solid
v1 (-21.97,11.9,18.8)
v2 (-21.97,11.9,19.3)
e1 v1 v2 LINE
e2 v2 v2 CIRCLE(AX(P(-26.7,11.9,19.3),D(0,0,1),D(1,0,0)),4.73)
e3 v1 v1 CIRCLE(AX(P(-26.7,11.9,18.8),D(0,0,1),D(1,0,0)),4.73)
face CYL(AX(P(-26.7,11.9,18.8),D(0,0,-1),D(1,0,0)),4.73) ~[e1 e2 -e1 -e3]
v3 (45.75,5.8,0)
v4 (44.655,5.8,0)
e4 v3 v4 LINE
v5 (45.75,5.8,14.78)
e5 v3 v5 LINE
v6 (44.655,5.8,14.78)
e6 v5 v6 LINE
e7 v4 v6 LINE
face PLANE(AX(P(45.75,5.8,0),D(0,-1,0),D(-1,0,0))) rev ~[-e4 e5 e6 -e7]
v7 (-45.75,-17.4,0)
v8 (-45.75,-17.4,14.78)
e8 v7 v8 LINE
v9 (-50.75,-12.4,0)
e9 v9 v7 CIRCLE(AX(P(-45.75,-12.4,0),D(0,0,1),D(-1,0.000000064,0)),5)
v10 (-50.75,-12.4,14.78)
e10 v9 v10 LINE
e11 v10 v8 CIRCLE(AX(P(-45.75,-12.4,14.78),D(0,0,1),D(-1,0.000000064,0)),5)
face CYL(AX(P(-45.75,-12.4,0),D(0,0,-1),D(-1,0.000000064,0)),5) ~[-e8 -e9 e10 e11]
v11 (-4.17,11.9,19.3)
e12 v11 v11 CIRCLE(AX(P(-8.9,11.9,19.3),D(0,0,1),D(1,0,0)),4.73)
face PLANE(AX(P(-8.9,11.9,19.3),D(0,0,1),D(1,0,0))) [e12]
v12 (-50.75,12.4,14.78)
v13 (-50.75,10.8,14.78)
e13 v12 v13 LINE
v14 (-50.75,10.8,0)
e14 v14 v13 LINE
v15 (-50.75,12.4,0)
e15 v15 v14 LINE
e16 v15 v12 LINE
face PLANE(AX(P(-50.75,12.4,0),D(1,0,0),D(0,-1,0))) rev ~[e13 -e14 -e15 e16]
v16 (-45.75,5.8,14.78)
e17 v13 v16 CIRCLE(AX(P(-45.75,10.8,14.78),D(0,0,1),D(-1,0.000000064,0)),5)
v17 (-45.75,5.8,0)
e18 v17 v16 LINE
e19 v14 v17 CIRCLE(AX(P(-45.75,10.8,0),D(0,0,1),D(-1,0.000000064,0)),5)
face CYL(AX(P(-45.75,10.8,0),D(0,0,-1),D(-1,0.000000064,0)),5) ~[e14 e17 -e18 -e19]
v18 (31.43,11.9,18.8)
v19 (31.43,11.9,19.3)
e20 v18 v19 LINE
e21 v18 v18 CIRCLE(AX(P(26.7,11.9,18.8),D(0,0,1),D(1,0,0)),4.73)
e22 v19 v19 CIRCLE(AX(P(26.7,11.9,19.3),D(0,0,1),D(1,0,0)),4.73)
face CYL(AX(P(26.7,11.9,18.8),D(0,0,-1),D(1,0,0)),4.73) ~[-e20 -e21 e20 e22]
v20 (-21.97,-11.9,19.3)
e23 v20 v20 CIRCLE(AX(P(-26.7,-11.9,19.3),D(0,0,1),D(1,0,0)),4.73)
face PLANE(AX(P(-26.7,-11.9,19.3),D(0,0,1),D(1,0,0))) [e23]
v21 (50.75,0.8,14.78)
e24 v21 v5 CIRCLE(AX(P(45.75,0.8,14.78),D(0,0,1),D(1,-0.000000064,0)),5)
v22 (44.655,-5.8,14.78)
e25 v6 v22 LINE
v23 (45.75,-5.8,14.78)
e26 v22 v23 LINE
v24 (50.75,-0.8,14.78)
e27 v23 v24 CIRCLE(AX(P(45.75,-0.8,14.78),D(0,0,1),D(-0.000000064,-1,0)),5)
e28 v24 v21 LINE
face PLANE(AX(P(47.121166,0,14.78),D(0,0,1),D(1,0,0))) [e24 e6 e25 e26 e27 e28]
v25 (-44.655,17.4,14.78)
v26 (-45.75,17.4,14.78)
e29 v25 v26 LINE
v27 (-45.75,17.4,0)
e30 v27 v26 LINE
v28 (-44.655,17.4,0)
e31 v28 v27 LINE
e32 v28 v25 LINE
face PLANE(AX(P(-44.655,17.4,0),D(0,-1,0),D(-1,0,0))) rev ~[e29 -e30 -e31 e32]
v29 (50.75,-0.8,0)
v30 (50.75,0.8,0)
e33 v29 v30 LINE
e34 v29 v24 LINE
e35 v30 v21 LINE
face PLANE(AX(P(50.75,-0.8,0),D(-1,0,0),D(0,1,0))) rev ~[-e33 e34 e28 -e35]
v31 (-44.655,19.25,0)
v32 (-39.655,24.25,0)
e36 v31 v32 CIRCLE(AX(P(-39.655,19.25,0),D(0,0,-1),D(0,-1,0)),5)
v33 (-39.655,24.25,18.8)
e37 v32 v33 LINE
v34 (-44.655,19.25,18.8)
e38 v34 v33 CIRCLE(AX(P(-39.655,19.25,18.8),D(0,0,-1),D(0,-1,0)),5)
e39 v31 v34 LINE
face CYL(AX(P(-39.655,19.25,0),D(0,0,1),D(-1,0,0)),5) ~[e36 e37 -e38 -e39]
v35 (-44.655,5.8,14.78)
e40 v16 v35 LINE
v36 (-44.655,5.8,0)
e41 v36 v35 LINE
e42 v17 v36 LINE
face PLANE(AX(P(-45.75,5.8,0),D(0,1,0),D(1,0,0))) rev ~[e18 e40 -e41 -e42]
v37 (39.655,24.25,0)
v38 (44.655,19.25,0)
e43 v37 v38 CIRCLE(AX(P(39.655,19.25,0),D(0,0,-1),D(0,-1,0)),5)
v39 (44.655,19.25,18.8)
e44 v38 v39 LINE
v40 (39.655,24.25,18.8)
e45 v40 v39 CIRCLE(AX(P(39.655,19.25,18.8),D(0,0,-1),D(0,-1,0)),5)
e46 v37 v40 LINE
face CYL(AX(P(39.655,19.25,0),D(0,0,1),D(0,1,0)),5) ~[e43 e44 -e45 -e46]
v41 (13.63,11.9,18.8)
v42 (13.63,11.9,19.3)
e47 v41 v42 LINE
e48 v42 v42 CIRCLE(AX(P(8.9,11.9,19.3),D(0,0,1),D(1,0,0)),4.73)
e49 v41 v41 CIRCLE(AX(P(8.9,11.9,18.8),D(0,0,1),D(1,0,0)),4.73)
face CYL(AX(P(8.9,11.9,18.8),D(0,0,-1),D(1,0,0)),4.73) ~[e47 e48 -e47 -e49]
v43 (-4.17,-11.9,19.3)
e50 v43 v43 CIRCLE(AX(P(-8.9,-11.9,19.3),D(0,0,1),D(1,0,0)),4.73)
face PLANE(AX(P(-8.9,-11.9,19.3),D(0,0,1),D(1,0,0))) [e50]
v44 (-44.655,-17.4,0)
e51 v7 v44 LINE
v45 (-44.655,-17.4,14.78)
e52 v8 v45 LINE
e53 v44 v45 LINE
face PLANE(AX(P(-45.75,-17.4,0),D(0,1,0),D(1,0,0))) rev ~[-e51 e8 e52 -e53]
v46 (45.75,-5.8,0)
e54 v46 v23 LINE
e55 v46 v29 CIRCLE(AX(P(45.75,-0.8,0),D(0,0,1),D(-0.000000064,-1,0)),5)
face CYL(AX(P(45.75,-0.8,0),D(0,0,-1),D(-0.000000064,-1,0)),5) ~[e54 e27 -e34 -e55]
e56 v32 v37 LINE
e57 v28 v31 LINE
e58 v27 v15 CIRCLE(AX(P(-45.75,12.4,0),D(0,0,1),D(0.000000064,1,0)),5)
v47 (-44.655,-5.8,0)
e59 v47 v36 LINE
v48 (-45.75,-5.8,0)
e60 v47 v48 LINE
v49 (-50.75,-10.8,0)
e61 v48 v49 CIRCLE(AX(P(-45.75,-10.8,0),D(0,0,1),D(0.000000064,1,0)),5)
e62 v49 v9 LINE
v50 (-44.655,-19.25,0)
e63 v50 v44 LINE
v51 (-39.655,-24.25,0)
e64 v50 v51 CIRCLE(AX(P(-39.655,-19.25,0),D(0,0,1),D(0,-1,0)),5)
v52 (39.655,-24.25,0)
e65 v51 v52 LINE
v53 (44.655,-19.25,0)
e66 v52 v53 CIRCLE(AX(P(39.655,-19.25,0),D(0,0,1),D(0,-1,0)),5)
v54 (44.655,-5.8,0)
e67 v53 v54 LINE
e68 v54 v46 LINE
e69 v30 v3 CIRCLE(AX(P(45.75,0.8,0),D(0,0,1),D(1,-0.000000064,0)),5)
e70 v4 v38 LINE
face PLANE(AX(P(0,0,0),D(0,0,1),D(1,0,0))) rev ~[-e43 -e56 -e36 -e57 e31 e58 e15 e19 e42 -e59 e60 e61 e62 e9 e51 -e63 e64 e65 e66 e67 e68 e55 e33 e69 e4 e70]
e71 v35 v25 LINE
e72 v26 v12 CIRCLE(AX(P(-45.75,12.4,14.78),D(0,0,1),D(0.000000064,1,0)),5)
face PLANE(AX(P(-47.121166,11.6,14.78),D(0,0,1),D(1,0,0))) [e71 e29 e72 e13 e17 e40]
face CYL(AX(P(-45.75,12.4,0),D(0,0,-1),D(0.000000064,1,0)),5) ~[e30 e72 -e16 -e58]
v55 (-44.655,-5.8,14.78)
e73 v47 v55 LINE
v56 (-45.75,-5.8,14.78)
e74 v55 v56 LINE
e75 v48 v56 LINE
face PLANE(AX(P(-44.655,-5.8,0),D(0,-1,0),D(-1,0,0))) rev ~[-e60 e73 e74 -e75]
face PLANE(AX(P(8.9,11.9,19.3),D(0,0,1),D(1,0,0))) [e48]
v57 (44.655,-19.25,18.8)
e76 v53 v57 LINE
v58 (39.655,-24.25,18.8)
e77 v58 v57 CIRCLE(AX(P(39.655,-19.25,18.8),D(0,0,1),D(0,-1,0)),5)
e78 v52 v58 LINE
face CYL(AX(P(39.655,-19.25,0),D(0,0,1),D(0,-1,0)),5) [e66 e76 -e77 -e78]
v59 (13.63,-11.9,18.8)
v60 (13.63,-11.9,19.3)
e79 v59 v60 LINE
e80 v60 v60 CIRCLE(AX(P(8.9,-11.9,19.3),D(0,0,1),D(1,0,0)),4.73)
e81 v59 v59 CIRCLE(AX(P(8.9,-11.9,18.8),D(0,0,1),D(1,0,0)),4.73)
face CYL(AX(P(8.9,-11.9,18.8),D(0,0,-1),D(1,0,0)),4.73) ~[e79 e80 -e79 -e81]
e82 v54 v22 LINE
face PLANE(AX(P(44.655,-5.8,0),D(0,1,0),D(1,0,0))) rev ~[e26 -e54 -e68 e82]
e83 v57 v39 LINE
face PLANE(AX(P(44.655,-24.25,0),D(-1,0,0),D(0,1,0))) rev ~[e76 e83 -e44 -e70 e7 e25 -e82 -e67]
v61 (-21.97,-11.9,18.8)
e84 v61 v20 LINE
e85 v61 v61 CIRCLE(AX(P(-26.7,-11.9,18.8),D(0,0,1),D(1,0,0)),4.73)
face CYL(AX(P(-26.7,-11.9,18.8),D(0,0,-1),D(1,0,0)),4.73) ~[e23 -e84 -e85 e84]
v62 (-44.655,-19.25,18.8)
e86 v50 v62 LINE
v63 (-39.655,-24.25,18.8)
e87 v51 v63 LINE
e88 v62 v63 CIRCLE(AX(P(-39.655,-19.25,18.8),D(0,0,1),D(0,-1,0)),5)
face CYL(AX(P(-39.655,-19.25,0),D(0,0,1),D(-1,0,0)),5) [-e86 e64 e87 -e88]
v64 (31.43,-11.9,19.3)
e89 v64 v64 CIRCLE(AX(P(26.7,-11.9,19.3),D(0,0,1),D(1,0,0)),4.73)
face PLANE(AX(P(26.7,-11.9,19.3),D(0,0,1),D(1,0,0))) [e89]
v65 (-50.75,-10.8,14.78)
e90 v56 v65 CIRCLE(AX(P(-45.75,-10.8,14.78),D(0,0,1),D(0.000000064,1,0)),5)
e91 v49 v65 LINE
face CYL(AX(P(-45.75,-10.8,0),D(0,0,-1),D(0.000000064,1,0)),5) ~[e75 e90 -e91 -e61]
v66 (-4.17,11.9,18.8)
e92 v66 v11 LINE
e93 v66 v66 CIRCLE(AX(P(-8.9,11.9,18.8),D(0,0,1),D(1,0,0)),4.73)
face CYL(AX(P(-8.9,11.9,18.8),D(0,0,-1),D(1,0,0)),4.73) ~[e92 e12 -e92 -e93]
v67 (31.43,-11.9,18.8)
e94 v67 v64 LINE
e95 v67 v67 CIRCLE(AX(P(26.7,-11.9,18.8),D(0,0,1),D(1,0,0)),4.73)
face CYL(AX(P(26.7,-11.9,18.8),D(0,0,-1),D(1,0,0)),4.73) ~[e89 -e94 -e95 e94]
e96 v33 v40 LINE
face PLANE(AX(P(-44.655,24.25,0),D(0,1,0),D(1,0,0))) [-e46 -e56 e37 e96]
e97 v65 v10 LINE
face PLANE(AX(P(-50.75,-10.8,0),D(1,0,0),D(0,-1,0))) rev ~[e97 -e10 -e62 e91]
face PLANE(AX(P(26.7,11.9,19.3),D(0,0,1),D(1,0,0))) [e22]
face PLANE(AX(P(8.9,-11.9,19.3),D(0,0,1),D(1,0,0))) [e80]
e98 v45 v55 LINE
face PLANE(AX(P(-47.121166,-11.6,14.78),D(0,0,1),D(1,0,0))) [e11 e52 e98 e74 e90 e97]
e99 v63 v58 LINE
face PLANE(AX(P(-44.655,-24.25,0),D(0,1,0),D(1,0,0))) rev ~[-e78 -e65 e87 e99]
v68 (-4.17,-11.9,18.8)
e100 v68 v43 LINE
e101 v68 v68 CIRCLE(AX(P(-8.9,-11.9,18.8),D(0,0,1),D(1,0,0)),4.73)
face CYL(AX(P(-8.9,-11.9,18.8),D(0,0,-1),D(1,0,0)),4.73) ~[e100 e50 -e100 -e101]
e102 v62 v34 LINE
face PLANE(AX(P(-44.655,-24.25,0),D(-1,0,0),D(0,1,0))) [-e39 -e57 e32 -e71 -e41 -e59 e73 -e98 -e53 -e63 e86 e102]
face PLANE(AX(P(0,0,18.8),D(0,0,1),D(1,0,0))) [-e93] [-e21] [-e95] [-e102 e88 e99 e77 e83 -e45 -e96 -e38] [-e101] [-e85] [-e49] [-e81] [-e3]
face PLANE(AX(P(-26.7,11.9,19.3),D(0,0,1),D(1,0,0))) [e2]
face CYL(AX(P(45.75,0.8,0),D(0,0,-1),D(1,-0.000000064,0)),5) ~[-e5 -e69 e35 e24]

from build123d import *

# Parameters (mm, degrees)
F0_W     = 89.31
F0_H     = 48.5
F1_DEPTH = 18.8
F2_R     = 4.73
F3_DEPTH = 0.5
F4_R     = 5
F6_DEPTH = 14.78
F8_DEPTH = 14.78


with BuildPart() as f1:
    # F0 (on Top) → F1 (new body)
    with BuildSketch(Plane.XY):
        Rectangle(F0_W, F0_H)
    extrude(amount=F1_DEPTH)

    # F2 (on face) → F3 (join)
    with BuildSketch(Plane.XY.offset(18.8)):
        with Locations((-26.7, 11.9)):
            Circle(F2_R)
        with Locations((-26.7, -11.9)):
            Circle(F2_R)
        with Locations((-8.9, 11.9)):
            Circle(F2_R)
        with Locations((-8.9, -11.9)):
            Circle(F2_R)
        with Locations((8.9, 11.9)):
            Circle(F2_R)
        with Locations((8.9, -11.9)):
            Circle(F2_R)
        with Locations((26.7, 11.9)):
            Circle(F2_R)
        with Locations((26.7, -11.9)):
            Circle(F2_R)
    extrude(amount=F3_DEPTH)

    # F4
    f4_edges = [f1.edges().sort_by_distance(p)[0] for p in [
        (-44.655, 24.25, 9.4),
        (-44.655, -24.25, 9.4),
        (44.655, -24.25, 9.4),
        (44.655, 24.25, 9.4),
    ]]
    fillet(f4_edges, radius=F4_R)

    # F5 (on Top) → F6 (join)
    with BuildSketch(Plane.XY):
        with BuildLine():
            Line((45.75, 5.8), (44.655, 5.8))
            Line((44.655, 5.8), (44.655, -5.8))
            Line((44.655, -5.8), (45.75, -5.8))
            ThreePointArc((45.75, -5.8), (49.285534, -4.335534), (50.75, -0.8))
            Line((50.75, -0.8), (50.75, 0.8))
            ThreePointArc((50.75, 0.8), (49.285534, 4.335534), (45.75, 5.8))
        make_face()
    extrude(amount=F6_DEPTH)

    # F7 (on Top) → F8 (join)
    with BuildSketch(Plane.XY):
        with BuildLine():
            ThreePointArc((-50.75, 10.8), (-49.285534, 7.264466), (-45.75, 5.8))
            Line((-45.75, 5.8), (-44.655, 5.8))
            Line((-44.655, 5.8), (-44.655, 17.4))
            Line((-44.655, 17.4), (-45.75, 17.4))
            ThreePointArc((-45.75, 17.4), (-49.285534, 15.935534), (-50.75, 12.4))
            Line((-50.75, 12.4), (-50.75, 10.8))
        make_face()
        with BuildLine():
            Line((-45.75, -17.4), (-44.655, -17.4))
            Line((-44.655, -17.4), (-44.655, -5.8))
            Line((-44.655, -5.8), (-45.75, -5.8))
            ThreePointArc((-45.75, -5.8), (-49.285534, -7.264466), (-50.75, -10.8))
            Line((-50.75, -10.8), (-50.75, -12.4))
            ThreePointArc((-50.75, -12.4), (-49.285534, -15.935534), (-45.75, -17.4))
        make_face()
    extrude(amount=F8_DEPTH)


solid = f1.part
